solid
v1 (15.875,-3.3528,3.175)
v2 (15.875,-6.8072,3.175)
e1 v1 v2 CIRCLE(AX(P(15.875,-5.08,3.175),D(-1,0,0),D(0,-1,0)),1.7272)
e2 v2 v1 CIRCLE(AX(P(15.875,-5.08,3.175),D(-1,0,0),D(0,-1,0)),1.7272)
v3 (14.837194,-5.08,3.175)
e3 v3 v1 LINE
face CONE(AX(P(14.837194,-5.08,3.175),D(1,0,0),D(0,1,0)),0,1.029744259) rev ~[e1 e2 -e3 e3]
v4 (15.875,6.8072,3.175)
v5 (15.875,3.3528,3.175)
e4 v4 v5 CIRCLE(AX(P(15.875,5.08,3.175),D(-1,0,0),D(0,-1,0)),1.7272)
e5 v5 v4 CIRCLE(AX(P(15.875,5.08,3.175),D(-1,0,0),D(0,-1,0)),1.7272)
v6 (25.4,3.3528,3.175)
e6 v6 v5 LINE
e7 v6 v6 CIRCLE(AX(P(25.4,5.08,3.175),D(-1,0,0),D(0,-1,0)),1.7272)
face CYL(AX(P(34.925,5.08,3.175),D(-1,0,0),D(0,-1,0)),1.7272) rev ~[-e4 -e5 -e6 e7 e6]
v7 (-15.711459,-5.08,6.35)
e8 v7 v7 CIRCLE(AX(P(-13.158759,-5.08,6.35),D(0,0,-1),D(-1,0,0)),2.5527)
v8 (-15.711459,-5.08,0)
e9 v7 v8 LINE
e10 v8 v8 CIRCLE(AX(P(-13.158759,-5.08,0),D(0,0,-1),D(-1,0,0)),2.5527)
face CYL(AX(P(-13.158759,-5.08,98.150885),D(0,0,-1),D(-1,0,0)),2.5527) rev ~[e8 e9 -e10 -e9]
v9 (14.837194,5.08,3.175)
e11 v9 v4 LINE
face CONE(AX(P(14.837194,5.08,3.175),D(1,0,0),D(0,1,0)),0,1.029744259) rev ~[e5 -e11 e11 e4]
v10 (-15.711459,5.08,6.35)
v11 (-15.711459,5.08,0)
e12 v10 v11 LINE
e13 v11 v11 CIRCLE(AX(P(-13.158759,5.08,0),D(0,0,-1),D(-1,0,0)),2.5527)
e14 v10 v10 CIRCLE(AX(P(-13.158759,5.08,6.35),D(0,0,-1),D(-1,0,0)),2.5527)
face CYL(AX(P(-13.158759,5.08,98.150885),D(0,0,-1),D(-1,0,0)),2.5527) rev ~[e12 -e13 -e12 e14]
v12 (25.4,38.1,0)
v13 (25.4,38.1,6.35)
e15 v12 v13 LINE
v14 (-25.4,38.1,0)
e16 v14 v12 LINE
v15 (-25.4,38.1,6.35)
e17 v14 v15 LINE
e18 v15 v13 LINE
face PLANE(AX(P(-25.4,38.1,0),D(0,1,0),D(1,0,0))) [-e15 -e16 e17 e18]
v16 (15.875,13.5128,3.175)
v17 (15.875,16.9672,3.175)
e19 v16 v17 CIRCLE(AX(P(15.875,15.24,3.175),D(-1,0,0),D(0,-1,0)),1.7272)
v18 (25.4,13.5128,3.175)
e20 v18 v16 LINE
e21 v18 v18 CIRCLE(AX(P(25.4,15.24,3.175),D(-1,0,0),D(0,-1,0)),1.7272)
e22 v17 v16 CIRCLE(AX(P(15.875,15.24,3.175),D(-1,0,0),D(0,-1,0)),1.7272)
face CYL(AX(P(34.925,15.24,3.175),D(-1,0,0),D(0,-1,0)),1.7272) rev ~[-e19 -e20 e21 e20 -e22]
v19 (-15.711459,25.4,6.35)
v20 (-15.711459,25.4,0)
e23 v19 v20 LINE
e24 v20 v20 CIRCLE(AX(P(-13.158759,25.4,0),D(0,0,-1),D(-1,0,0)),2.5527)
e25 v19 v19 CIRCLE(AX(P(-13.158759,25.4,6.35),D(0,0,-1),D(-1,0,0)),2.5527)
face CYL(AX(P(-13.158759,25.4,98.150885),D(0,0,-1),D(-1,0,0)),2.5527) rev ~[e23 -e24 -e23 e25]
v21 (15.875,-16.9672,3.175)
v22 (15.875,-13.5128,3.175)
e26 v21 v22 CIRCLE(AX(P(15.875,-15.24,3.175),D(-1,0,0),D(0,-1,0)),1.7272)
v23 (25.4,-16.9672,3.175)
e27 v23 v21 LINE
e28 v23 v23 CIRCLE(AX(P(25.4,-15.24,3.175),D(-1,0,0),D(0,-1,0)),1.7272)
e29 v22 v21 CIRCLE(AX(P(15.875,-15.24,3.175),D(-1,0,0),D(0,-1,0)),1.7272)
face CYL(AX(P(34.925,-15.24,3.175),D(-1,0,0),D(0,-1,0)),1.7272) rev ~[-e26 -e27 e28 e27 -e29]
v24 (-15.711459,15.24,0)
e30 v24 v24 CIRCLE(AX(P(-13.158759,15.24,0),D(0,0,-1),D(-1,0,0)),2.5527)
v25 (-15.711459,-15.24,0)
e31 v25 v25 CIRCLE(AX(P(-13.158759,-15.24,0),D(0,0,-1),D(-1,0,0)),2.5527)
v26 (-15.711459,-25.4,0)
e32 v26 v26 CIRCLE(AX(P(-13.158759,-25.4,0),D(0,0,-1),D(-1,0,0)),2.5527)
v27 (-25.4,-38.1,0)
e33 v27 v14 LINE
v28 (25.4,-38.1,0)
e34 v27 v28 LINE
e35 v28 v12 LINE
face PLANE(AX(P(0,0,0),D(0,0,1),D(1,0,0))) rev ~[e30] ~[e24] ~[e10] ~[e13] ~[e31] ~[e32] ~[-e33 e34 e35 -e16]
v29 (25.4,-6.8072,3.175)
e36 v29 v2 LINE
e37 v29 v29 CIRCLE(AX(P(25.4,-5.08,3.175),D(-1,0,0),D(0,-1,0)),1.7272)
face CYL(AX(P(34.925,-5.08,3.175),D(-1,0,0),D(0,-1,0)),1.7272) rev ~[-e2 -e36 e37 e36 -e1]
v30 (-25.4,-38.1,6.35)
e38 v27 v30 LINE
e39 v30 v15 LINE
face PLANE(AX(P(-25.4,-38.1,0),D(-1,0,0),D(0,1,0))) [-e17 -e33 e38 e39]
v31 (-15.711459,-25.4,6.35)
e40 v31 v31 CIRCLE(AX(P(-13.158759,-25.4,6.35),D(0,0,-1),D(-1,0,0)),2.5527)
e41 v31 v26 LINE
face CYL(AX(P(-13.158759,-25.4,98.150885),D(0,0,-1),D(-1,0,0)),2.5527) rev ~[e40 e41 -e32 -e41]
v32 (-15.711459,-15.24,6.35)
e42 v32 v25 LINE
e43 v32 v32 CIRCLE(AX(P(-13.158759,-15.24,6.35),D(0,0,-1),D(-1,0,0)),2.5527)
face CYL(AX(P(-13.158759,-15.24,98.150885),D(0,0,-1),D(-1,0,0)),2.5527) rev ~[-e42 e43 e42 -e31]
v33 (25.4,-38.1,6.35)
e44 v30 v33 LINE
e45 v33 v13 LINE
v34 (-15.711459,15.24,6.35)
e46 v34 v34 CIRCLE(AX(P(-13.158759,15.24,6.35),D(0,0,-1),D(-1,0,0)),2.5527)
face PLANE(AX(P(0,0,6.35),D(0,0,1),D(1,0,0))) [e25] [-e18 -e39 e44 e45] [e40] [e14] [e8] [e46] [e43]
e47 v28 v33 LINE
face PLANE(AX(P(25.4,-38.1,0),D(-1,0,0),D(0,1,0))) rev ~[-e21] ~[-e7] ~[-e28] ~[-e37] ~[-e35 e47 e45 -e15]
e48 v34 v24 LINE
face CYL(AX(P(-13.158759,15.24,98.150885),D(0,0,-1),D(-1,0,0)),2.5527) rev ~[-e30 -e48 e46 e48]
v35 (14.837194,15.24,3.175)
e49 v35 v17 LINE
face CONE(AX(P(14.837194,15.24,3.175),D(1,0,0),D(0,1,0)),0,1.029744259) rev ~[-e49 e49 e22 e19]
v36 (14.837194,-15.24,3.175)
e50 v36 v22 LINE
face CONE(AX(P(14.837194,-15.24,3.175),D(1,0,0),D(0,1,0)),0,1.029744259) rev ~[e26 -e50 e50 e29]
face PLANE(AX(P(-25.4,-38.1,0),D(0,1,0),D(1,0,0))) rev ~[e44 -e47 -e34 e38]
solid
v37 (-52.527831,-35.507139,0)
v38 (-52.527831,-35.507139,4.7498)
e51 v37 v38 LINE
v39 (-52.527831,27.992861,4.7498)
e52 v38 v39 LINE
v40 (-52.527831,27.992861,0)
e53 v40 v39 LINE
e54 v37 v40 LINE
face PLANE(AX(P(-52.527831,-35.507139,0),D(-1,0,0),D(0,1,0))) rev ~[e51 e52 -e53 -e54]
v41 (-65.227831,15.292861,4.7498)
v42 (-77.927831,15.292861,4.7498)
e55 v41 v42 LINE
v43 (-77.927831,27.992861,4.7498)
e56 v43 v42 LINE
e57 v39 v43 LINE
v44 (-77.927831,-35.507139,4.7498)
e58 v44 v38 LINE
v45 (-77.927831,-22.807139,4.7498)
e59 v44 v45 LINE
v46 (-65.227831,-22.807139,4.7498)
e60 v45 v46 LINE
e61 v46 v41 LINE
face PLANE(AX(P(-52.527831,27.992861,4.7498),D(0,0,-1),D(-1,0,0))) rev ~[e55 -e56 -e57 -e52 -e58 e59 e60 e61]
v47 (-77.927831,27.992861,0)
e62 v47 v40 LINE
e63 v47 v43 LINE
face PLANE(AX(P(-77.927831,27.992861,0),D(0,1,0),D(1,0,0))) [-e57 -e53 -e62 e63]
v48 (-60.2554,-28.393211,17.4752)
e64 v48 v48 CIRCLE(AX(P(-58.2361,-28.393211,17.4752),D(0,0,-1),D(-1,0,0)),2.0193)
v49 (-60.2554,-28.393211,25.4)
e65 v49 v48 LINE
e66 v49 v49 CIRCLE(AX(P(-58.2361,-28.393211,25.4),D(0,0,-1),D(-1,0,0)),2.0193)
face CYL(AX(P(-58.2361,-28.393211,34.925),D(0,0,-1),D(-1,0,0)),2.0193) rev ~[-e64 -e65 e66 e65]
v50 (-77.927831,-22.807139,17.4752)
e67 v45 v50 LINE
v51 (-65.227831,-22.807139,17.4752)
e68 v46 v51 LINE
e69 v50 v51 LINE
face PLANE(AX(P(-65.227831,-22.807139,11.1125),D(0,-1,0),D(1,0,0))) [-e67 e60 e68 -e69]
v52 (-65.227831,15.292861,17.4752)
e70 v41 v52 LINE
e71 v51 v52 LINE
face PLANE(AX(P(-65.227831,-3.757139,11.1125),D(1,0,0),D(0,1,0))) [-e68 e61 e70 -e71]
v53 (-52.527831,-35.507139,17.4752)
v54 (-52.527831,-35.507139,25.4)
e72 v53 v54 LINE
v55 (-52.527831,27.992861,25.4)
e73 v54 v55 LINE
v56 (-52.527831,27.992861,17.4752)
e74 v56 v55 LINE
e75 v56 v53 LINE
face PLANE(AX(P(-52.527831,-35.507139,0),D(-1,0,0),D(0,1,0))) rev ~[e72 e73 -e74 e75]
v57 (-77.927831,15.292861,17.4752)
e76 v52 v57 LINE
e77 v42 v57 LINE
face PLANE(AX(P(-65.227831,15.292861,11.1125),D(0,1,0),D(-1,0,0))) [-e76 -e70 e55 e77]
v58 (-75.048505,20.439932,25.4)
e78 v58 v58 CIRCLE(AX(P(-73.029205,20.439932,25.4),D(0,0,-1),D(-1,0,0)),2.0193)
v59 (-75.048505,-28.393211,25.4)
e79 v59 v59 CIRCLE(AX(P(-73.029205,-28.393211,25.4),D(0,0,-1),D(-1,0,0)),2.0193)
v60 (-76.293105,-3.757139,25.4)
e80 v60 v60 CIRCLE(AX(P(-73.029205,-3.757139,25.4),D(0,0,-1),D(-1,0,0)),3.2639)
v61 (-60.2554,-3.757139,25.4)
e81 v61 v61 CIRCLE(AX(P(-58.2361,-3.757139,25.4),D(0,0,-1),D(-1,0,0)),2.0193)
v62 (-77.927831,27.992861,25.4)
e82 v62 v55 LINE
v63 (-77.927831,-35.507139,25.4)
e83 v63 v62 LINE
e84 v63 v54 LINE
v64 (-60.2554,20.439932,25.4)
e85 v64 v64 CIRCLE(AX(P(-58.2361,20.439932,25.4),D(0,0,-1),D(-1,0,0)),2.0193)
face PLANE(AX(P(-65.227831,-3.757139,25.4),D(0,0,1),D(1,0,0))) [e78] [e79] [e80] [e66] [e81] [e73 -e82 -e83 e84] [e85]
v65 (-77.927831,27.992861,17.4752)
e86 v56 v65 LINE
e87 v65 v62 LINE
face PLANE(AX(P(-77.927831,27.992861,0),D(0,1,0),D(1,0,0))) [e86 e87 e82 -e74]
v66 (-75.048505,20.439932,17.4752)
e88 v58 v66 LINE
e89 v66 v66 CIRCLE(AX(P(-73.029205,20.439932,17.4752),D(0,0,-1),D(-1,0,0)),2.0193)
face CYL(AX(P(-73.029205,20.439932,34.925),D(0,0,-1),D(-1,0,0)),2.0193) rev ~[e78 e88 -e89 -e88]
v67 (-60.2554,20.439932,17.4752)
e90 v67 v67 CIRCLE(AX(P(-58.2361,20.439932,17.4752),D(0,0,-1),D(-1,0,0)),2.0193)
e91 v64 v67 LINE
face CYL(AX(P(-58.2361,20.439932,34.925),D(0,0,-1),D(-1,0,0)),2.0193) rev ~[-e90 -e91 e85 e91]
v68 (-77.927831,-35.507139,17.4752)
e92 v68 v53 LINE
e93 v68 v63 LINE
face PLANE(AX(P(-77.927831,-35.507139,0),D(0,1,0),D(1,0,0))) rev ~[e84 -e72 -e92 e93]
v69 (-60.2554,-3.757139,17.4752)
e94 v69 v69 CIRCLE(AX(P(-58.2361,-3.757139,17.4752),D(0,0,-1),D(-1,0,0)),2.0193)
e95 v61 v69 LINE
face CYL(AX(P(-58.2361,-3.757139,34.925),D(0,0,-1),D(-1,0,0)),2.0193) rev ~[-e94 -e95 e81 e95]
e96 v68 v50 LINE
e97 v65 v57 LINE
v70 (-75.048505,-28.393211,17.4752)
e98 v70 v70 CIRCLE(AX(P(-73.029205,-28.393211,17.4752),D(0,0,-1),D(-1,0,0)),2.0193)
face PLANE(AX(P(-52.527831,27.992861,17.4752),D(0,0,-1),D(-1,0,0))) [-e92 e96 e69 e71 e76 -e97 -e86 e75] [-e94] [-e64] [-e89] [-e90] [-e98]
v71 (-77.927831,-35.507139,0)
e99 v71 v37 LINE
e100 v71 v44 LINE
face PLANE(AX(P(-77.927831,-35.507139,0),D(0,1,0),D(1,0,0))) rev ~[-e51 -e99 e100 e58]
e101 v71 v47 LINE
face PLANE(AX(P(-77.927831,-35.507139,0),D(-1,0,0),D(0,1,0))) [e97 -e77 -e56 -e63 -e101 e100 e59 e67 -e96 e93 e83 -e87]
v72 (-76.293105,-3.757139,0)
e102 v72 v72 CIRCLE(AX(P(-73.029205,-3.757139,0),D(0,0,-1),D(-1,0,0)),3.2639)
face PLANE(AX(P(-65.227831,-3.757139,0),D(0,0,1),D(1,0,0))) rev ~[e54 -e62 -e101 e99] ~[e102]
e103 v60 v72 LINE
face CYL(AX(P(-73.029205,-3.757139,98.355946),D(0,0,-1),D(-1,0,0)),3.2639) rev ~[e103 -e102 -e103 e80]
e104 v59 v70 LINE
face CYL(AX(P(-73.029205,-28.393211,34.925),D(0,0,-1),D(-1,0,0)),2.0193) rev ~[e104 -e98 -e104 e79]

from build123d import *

# Parameters (mm, degrees)
F0_W      = 50.8
F0_H      = 76.2
F1_DEPTH  = 6.35
F3_D      = 5.1054
F5_D      = 3.4544
F5_DEPTH  = 9.525
F5_TIP    = 1.0378064612
F6_W      = 25.4
F6_H      = 63.5
F7_DEPTH  = 25.4
F8_W      = 25.4
F8_H      = 12.7254
F9_DEPTH  = 12.7
F10_W     = 25.4
F10_H     = 12.7254
F11_DEPTH = 12.7
F12_W     = 38.1
F12_H     = 12.7254
F13_DEPTH = 12.7
F15_D     = 4.0386
F15_DEPTH = 9.525
F15_TIP   = 1.213317848
F16_D     = 6.5278


with BuildPart() as f1:
    # F0 (on Top) → F1 (new body)
    with BuildSketch(Plane.XY):
        Rectangle(F0_W, F0_H)
    extrude(amount=F1_DEPTH)

    # F3 (through all)
    with Locations(Plane.XY.offset(6.35)):
        with Locations((-13.1587591022, 25.4), (-13.1587591022, 15.24), (-13.1587591022, 5.08), (-13.1587591022, -5.08), (-13.1587591022, -15.24), (-13.1587591022, -25.4)):
            Hole(F3_D / 2)

    # F5
    with Locations(Plane.YZ.offset(25.4)):
        with Locations((-15.24, 3.175), (-5.08, 3.175), (5.08, 3.175), (15.24, 3.175)):
            Hole(F5_D / 2, depth=F5_DEPTH)
            with Locations((0, 0, -(F5_DEPTH + F5_TIP / 2))):  # 118° drill point
                Cone(0, F5_D / 2, F5_TIP, mode=Mode.SUBTRACT)


with BuildPart() as f7:
    # F6 (on Top) → F7 (new body)
    with BuildSketch(Plane.XY):
        with Locations((-65.2278307825, -3.75713877)):
            Rectangle(F6_W, F6_H)
    extrude(amount=F7_DEPTH)

    # F8 (on face) → F9 (cut)
    with BuildSketch(Plane.XZ.offset(35.50713877)):
        with Locations((-65.2278307825, 11.1125)):
            Rectangle(F8_W, F8_H)
    extrude(amount=-F9_DEPTH, mode=Mode.SUBTRACT)

    # F10 (on face) → F11 (cut)
    with BuildSketch(Plane(origin=(0, 27.99286123, 0), x_dir=(-1, 0, 0), z_dir=(0, 1, 0))):
        with Locations((65.2278307825, 11.1125)):
            Rectangle(F10_W, F10_H)
    extrude(amount=-F11_DEPTH, mode=Mode.SUBTRACT)

    # F12 (on face) → F13 (cut)
    with BuildSketch(Plane.YZ.offset(-52.5278307825)):
        with Locations((-3.75713877, 11.1125)):
            Rectangle(F12_W, F12_H)
    extrude(amount=-F13_DEPTH, mode=Mode.SUBTRACT)

    # F15
    with Locations(Plane.XY.offset(25.4)):
        with Locations((-73.0292052031, 20.4399321228), (-58.2360997796, 20.4399321228), (-58.2360997796, -3.75713877), (-58.2360997796, -28.3932108432), (-73.0292052031, -28.3932108432)):
            Hole(F15_D / 2, depth=F15_DEPTH)
            with Locations((0, 0, -(F15_DEPTH + F15_TIP / 2))):  # 118° drill point
                Cone(0, F15_D / 2, F15_TIP, mode=Mode.SUBTRACT)

    # F16 (through all)
    with Locations(Plane.XY.offset(25.4)):
        with Locations((-73.0292052031, -3.75713877)):
            Hole(F16_D / 2)


solid = Compound([f1.part, f7.part])
